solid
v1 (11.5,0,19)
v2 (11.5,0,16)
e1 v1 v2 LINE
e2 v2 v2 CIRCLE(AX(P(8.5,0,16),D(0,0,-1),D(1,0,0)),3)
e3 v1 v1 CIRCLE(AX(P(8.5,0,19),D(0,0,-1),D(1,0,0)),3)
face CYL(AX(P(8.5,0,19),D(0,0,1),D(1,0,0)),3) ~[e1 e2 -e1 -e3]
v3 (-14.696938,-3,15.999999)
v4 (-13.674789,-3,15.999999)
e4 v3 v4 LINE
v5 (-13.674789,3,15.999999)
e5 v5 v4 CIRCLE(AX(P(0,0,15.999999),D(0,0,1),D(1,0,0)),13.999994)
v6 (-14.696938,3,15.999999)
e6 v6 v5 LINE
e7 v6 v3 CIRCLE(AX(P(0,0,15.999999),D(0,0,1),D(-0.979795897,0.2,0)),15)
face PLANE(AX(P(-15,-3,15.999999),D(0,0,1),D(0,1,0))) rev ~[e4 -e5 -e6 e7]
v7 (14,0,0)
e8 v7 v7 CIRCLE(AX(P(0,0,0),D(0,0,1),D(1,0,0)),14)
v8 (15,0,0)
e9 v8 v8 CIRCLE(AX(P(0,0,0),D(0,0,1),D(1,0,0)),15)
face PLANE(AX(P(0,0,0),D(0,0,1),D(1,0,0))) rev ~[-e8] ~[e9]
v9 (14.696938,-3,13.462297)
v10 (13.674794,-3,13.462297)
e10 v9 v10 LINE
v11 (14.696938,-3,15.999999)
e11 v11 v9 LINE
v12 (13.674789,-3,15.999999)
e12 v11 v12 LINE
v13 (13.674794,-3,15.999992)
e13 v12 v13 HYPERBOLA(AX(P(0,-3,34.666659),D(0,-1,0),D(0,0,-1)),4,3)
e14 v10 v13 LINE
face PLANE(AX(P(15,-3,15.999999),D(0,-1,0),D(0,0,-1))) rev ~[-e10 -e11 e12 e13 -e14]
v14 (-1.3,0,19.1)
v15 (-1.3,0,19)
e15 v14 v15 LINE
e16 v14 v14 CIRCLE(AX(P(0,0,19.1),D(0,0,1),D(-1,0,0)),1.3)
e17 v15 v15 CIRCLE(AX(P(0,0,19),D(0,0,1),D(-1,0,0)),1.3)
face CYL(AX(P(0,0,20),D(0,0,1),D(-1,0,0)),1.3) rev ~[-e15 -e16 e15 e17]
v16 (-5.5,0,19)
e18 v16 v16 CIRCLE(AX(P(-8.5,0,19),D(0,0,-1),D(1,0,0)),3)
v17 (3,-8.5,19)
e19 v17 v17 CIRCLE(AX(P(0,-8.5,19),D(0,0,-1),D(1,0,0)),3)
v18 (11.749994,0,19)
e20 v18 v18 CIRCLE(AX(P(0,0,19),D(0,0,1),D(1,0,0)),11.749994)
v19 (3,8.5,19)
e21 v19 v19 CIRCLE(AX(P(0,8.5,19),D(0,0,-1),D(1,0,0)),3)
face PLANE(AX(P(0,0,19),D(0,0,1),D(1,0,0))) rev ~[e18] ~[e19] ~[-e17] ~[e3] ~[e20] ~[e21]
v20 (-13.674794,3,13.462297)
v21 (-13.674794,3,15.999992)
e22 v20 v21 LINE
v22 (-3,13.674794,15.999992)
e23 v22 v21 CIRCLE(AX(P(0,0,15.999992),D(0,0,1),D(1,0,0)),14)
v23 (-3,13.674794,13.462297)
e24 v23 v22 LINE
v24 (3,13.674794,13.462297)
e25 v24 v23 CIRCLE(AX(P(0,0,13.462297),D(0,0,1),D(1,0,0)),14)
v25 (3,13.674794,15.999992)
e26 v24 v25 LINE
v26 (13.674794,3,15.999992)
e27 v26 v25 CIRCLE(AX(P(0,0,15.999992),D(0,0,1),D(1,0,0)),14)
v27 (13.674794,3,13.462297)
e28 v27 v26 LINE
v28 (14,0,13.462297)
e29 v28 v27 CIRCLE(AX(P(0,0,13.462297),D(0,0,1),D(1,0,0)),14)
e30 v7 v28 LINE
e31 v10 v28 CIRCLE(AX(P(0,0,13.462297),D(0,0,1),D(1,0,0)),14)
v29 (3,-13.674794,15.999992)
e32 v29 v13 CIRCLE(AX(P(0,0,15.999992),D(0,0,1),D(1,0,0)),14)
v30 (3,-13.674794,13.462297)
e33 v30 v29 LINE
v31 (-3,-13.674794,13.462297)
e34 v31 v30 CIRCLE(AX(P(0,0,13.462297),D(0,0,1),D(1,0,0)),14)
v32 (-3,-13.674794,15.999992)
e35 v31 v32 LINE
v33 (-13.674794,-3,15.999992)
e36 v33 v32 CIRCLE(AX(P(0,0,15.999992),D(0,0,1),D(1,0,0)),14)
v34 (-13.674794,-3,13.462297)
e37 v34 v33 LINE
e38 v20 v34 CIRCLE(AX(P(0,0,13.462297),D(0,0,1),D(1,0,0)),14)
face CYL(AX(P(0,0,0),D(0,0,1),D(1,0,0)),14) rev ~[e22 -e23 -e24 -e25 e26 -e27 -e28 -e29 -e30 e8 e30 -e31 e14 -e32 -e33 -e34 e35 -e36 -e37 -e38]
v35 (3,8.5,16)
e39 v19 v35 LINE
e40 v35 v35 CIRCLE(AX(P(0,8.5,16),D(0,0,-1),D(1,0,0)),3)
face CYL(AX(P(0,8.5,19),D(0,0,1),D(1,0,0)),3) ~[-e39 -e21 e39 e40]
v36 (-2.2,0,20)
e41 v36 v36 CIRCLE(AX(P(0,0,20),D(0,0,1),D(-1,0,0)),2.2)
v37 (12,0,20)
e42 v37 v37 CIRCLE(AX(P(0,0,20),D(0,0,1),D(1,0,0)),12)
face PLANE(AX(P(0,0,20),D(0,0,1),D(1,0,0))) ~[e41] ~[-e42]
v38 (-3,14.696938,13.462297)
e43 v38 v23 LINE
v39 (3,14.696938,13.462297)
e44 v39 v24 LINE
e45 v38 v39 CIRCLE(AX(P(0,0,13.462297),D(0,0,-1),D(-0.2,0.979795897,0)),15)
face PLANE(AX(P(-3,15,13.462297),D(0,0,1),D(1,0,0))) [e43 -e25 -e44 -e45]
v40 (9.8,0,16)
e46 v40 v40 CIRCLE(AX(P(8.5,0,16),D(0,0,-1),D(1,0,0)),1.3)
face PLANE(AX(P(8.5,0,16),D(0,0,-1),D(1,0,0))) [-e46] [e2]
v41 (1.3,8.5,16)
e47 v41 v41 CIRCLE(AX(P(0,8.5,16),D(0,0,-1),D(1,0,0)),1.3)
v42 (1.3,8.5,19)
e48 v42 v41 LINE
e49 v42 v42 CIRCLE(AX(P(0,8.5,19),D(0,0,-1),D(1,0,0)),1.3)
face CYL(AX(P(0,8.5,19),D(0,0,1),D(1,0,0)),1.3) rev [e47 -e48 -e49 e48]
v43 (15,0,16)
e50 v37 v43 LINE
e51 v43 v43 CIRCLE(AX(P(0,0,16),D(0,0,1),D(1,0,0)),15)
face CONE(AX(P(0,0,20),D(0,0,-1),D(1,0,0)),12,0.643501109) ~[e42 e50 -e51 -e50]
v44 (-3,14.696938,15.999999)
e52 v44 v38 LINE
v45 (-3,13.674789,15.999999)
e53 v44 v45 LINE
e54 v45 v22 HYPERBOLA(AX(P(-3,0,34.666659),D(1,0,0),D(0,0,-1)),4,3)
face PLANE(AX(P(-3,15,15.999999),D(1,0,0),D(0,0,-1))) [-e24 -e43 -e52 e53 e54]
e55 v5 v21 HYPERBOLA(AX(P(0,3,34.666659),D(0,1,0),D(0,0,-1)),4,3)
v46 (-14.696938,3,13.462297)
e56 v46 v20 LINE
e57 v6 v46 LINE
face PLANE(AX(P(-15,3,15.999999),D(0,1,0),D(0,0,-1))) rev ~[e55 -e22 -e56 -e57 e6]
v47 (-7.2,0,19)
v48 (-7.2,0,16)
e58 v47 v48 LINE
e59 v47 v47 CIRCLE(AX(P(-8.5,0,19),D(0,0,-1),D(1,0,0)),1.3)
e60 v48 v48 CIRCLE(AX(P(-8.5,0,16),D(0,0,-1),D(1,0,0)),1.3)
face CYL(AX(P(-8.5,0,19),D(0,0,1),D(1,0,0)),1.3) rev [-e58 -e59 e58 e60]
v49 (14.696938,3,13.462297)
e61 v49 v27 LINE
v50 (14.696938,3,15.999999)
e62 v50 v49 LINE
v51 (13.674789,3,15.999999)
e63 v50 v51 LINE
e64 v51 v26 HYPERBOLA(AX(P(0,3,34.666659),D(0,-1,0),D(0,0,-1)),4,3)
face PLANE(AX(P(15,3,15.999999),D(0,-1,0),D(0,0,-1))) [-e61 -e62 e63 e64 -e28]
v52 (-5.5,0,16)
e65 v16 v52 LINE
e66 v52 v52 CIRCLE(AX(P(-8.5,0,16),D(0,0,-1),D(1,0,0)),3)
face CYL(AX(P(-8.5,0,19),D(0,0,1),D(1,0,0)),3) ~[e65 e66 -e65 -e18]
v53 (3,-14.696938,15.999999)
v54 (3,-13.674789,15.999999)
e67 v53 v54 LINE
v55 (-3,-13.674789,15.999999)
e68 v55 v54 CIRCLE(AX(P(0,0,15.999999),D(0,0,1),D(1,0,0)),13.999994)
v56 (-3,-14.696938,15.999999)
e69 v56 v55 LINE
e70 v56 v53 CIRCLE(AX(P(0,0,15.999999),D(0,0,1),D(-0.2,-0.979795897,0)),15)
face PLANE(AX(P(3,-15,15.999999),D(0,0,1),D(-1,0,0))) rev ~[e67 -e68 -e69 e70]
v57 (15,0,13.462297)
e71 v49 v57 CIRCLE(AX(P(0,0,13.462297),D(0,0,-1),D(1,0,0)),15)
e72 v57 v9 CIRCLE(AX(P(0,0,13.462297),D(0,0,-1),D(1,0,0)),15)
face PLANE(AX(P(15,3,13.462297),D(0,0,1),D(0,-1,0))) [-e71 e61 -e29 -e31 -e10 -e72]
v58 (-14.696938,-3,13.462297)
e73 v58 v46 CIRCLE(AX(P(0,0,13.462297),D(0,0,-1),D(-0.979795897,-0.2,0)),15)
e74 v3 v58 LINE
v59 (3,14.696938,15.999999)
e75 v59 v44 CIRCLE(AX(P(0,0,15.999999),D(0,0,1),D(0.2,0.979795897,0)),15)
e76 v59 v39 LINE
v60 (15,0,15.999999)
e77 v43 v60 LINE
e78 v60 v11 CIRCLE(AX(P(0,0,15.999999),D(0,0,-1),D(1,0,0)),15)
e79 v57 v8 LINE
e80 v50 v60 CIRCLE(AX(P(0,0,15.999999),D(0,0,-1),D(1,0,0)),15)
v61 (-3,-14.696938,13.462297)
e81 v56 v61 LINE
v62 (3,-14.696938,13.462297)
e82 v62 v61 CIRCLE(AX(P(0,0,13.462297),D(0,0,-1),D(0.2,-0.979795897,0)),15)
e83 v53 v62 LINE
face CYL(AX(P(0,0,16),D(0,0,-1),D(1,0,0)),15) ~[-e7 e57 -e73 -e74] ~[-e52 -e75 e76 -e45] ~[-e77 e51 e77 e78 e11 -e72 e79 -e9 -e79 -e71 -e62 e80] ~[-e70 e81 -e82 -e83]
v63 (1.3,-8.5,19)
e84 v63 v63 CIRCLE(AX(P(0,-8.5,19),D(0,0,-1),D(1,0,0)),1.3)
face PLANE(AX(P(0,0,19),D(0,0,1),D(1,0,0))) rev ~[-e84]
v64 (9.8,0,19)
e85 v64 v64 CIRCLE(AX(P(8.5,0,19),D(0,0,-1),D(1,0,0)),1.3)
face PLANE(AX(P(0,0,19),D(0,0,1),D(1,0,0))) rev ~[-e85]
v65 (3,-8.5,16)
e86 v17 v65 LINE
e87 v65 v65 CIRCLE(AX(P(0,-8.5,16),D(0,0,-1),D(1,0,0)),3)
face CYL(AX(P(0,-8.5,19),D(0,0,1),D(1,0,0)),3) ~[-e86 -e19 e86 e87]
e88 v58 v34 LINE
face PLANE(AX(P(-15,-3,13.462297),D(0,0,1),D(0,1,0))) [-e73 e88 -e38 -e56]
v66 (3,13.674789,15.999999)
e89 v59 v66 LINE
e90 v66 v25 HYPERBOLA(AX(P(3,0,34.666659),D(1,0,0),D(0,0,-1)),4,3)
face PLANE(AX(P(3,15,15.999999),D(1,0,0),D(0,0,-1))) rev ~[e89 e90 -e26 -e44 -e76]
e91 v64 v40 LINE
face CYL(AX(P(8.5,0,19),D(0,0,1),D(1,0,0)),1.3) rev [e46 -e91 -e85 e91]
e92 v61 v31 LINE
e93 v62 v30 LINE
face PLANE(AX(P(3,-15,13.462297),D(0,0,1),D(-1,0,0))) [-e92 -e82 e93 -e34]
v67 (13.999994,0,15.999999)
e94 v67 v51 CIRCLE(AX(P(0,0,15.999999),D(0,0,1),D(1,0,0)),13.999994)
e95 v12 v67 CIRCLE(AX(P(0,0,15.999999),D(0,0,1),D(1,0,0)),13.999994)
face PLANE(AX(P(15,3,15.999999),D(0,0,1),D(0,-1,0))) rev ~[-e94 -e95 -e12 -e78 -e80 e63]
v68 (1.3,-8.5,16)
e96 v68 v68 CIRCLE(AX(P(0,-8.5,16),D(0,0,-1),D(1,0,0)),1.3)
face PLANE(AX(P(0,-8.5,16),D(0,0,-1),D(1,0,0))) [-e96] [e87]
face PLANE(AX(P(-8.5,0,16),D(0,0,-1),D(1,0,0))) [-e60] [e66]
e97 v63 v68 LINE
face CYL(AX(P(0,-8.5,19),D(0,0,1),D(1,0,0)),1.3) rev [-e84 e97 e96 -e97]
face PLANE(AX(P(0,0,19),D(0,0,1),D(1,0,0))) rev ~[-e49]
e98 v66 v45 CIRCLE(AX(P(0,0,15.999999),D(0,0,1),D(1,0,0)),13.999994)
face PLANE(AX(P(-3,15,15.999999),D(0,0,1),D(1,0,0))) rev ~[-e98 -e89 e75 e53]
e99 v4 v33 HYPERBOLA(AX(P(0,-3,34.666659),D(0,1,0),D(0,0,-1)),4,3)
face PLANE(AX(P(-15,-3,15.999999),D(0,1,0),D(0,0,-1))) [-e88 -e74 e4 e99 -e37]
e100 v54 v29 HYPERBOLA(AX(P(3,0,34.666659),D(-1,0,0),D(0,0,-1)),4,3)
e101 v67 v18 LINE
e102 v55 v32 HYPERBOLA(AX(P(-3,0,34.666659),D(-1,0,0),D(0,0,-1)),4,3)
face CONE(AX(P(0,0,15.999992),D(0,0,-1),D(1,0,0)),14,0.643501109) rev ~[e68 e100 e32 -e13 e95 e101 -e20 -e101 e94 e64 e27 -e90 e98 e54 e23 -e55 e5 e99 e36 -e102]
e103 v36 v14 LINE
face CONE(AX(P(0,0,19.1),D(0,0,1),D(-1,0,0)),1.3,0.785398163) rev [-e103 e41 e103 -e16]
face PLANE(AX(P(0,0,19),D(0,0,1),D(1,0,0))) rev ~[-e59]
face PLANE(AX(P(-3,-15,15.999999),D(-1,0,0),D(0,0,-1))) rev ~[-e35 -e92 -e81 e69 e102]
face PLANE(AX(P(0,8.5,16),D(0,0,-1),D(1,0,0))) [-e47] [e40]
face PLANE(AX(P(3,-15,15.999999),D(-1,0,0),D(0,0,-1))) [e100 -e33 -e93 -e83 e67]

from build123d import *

# Parameters (mm, degrees)
SKETCH_R           = 1.3
POCKET_DEPTH       = 1
SKETCH002_W        = 6
SKETCH002_H        = 2.537703
POCKET001_DEPTH    = 3
POLARPATTERN_COUNT = 4
SKETCH003_R        = 3
SKETCH003_R_2      = 1.3
PAD_DEPTH          = 3
CHAMFER_SIZE       = 0.9


with BuildPart() as part:
    # Sketch001 → Revolution (revolve)
    with BuildSketch(Plane.XZ):
        Polygon((0, 20), (12, 20), (15, 16), (15, 0), (14, 0), (14, 15.999992), (11.749994, 19), (0, 19), align=None)
    revolve(axis=Axis((0, 0, 0), (0, 0, 1)))

    # Sketch (on Face1 of Revolution) → Pocket (cut)
    with BuildSketch(Plane(origin=(0, 0, 20), x_dir=(-1, 0, 0), z_dir=(0, 0, 1))):
        Circle(SKETCH_R)
    extrude(amount=-POCKET_DEPTH, mode=Mode.SUBTRACT)

    # Sketch002 (on DatumPlane) → Pocket001 (cut)
    with BuildSketch(Plane(origin=(0, 15, 8), x_dir=(1, 0, 0), z_dir=(0, 1, 0))):
        with Locations((0, -6.731148)):
            Rectangle(SKETCH002_W, SKETCH002_H)
    pocket001 = extrude(amount=-POCKET001_DEPTH, mode=Mode.SUBTRACT)

    # PolarPattern: Pocket001 ×4 about axis
    polarpattern_axis = Axis((0, 0, 0), (0, 0, 1))
    for i in range(1, POLARPATTERN_COUNT):
        add(pocket001.rotate(polarpattern_axis, i * 360 / POLARPATTERN_COUNT), mode=Mode.SUBTRACT)

    # Sketch003 (on Face9 of PolarPattern) → Pad (join)
    with BuildSketch(Plane(origin=(0, 0, 19), x_dir=(1, 0, 0), z_dir=(0, 0, -1))):
        with Locations((-8.5, 0)):
            Circle(SKETCH003_R)
        with Locations((-8.5, 0)):
            Circle(SKETCH003_R_2, mode=Mode.SUBTRACT)
        with Locations((0, 8.5)):
            Circle(SKETCH003_R)
        with Locations((0, 8.5)):
            Circle(SKETCH003_R_2, mode=Mode.SUBTRACT)
        with Locations((8.5, 0)):
            Circle(SKETCH003_R)
        with Locations((8.5, 0)):
            Circle(SKETCH003_R_2, mode=Mode.SUBTRACT)
        with Locations((0, -8.5)):
            Circle(SKETCH003_R)
        with Locations((0, -8.5)):
            Circle(SKETCH003_R_2, mode=Mode.SUBTRACT)
    extrude(amount=PAD_DEPTH)

    # Chamfer
    chamfer_edges = [part.edges().sort_by_distance(p)[0] for p in [
        (1.3, 0, 20),
    ]]
    chamfer(chamfer_edges, length=CHAMFER_SIZE)


solid = part.part
